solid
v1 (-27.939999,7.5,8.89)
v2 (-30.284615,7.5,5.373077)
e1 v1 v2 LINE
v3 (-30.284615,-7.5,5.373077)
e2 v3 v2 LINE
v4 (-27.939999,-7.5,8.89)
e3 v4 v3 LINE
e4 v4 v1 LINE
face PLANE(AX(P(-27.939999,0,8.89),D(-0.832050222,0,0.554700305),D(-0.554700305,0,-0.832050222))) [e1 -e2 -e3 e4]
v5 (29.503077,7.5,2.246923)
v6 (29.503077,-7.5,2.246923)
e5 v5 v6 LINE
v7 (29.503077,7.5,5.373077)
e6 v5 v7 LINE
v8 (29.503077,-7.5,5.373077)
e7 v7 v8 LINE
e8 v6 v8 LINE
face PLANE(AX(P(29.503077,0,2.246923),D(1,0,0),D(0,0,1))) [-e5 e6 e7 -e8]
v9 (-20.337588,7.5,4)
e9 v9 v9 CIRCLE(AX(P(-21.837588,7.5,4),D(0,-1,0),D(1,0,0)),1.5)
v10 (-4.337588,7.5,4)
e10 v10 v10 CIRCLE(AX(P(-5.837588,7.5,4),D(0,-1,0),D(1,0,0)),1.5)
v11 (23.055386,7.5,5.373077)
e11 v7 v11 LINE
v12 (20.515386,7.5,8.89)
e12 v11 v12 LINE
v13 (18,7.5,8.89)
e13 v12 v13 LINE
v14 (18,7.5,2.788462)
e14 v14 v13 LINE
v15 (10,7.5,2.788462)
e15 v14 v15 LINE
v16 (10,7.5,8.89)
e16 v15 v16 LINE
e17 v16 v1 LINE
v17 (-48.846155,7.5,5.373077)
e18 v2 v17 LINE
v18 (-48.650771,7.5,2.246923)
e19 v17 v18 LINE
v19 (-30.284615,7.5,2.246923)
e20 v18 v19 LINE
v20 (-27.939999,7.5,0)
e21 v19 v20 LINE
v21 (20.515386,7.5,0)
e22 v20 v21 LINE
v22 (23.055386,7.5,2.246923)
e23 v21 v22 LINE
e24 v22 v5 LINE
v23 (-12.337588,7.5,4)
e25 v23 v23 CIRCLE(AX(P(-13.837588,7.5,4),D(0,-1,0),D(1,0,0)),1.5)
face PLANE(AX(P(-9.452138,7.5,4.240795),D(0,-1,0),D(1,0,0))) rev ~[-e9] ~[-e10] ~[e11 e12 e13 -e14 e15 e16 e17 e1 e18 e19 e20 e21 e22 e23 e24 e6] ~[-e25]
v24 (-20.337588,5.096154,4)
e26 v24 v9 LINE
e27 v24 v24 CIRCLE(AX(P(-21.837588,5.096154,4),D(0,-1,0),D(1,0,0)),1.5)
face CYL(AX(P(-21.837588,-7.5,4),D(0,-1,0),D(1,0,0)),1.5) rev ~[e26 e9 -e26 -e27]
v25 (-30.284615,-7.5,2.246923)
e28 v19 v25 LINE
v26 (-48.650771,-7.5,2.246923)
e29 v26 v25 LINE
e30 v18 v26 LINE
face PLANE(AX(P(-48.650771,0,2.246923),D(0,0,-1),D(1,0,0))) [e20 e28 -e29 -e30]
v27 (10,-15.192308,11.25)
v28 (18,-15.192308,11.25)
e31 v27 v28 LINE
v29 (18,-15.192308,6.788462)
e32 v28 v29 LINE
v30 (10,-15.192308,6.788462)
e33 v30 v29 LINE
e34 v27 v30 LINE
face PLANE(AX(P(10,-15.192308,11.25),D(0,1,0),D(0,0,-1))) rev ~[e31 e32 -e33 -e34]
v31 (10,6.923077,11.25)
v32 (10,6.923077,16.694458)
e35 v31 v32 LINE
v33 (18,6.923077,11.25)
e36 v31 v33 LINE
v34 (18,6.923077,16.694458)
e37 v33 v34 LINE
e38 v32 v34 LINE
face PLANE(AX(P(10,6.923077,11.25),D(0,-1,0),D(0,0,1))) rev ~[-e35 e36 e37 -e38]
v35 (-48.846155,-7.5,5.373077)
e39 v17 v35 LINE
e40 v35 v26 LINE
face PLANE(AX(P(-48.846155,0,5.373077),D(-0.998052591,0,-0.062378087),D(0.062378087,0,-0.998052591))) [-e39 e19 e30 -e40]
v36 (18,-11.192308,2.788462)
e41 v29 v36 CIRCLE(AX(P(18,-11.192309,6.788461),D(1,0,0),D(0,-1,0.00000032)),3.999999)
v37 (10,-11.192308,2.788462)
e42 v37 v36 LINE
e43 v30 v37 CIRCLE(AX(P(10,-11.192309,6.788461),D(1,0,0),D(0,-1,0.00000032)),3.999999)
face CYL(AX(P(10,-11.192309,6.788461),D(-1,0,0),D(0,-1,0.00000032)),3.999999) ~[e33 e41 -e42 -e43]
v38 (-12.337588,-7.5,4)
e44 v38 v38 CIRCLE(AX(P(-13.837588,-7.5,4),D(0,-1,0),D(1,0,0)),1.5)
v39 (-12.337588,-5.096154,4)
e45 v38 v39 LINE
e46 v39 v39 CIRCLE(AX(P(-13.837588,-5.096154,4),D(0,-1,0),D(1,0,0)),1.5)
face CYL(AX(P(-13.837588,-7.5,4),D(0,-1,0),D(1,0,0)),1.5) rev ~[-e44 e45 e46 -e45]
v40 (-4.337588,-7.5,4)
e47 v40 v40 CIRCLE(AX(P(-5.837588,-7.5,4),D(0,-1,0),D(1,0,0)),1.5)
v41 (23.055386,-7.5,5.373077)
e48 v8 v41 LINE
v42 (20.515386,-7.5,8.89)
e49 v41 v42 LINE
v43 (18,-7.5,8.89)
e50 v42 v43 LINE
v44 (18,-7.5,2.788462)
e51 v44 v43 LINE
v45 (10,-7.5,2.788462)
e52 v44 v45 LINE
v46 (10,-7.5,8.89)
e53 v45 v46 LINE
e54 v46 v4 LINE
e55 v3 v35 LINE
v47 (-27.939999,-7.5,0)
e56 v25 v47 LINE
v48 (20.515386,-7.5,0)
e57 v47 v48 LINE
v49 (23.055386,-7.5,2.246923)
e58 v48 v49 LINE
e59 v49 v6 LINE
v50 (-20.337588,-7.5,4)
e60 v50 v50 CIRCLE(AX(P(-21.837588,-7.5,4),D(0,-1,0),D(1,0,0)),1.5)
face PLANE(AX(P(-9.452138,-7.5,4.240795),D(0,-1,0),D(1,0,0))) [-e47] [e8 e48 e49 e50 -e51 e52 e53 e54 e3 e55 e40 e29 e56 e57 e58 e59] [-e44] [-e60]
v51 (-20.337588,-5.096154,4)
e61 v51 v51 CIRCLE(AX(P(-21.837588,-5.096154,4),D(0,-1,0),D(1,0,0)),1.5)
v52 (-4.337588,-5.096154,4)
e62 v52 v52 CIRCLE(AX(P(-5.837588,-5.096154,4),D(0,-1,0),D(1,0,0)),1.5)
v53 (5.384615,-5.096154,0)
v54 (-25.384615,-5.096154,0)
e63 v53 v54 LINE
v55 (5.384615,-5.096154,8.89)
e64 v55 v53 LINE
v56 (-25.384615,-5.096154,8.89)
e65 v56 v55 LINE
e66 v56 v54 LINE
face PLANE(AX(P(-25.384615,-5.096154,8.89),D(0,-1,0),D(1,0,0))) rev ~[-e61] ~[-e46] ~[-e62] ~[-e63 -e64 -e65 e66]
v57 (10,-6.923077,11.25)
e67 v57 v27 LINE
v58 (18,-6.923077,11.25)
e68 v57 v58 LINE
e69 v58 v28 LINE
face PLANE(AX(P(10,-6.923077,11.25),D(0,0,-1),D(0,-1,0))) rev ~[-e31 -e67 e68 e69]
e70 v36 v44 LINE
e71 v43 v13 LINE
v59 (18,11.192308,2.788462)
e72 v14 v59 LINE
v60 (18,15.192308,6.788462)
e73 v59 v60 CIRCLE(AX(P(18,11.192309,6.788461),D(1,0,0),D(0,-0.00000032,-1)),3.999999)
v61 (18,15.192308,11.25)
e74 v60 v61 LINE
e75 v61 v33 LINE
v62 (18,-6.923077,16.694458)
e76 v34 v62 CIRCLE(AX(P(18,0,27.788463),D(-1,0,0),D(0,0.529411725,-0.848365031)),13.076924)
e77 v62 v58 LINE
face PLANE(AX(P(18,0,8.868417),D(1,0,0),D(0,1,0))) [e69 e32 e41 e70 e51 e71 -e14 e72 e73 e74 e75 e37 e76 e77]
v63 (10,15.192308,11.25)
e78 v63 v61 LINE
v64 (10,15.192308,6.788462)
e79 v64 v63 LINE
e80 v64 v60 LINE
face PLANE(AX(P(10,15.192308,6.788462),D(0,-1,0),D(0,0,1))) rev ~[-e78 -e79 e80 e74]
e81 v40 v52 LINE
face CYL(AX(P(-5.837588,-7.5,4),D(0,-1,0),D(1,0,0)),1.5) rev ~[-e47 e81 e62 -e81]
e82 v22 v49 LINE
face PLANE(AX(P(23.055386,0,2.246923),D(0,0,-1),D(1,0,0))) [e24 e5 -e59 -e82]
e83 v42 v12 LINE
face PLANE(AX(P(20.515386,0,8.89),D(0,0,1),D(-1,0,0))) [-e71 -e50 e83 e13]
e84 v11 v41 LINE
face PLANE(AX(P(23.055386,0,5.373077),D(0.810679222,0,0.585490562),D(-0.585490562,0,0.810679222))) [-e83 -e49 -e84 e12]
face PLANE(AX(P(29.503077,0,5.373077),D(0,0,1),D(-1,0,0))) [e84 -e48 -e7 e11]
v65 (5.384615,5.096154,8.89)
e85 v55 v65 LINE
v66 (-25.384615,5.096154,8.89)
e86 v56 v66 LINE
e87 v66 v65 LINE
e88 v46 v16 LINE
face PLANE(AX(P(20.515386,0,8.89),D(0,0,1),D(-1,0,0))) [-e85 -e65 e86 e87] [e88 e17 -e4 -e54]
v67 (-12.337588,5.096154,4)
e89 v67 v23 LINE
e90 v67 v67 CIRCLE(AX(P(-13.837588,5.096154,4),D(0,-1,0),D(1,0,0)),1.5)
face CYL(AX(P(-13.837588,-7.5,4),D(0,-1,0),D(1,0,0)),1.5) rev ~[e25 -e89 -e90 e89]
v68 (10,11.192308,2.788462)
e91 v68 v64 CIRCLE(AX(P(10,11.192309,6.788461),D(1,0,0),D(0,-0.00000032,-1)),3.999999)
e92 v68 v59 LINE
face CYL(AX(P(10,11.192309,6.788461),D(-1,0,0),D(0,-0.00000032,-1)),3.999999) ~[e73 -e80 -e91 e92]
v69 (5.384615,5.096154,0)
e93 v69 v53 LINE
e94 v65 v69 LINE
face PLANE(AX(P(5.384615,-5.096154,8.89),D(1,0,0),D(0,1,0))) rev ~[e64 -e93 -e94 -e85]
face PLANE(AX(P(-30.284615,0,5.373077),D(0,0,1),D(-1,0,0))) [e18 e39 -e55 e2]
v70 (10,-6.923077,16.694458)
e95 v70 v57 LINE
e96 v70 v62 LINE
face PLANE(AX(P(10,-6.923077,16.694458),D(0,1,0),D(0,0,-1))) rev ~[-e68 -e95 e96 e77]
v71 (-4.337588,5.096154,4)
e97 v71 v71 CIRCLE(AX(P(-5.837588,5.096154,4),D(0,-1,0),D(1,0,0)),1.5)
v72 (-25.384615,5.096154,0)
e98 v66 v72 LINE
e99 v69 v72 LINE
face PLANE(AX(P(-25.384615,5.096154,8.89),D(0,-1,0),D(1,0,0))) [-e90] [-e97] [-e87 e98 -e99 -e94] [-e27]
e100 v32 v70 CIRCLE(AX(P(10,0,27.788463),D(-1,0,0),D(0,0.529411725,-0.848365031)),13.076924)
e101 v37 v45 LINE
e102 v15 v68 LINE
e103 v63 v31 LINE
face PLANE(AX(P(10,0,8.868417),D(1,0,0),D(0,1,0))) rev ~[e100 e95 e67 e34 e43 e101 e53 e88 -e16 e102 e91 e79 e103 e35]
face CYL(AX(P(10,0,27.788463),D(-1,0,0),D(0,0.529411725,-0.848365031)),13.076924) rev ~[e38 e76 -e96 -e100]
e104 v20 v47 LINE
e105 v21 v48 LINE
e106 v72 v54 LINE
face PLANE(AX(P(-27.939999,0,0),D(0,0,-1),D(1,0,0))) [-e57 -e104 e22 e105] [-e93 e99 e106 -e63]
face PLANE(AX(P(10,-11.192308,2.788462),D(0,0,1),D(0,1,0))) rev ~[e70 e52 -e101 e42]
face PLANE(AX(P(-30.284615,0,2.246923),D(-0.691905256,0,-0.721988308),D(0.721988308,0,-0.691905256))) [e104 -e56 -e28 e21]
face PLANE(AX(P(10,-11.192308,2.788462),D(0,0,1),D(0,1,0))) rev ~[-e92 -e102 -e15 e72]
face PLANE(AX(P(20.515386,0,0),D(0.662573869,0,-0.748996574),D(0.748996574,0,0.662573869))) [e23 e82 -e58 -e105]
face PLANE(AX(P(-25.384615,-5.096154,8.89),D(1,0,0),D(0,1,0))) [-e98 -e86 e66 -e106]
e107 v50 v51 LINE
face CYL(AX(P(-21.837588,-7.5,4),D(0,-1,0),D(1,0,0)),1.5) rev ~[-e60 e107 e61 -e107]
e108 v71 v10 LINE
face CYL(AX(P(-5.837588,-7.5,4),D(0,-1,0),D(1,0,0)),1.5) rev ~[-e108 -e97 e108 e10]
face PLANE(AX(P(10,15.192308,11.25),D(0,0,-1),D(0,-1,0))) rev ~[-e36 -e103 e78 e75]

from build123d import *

# Parameters (mm, degrees)
F1_DEPTH = 7.5
F2_W     = 30.769231
F2_H     = 10.192308
F3_DEPTH = 8.891
F6_DEPTH = 8
F7_R     = 1.5
F8_DEPTH = 22.693308


with BuildPart() as f1:
    # F0 (on Front) → F1 (new body, symmetric)
    with BuildSketch(Plane.XZ):
        Polygon((-30.284615, 5.373077), (-48.846155, 5.373077), (-48.650771, 2.246923), (-30.284615, 2.246923), (-27.939999, 0), (20.515386, 0), (23.055386, 2.246923), (29.503077, 2.246923), (29.503077, 5.373077), (23.055386, 5.373077), (20.515386, 8.89), (-27.939999, 8.89), align=None)
    extrude(amount=F1_DEPTH, both=True)

    # F2 (on face) → F3 (cut, through all)
    with BuildSketch(Plane.XY.offset(8.89)):
        with Locations((-10, 0)):
            Rectangle(F2_W, F2_H)
    extrude(amount=-F3_DEPTH, mode=Mode.SUBTRACT)

    # F5 (on offset) → F6 (join)
    with BuildSketch(Plane.YZ.offset(10)):
        with BuildLine():
            ThreePointArc((-15.192308, 6.788462), (-14.020736, 3.960035), (-11.192308, 2.788462))
            Line((-11.192308, 2.788462), (11.192308, 2.788462))
            ThreePointArc((11.192308, 2.788462), (14.020736, 3.960035), (15.192308, 6.788462))
            Line((15.192308, 6.788462), (15.192308, 11.25))
            Line((15.192308, 11.25), (6.923077, 11.25))
            Line((6.923077, 11.25), (6.923077, 16.694458))
            ThreePointArc((6.923077, 16.694458), (0, 14.711539), (-6.923077, 16.694458))
            Line((-6.923077, 16.694458), (-6.923077, 11.25))
            Line((-6.923077, 11.25), (-15.192308, 11.25))
            Line((-15.192308, 11.25), (-15.192308, 6.788462))
        make_face()
    extrude(amount=F6_DEPTH)

    # F7 (on face) → F8 (cut, through all)
    with BuildSketch(Plane.XZ.offset(7.5)):
        with Locations((-21.837588, 4)):
            Circle(F7_R)
        with Locations((-13.837588, 4)):
            Circle(F7_R)
        with Locations((-5.837588, 4)):
            Circle(F7_R)
    extrude(amount=-F8_DEPTH, mode=Mode.SUBTRACT)


solid = f1.part
